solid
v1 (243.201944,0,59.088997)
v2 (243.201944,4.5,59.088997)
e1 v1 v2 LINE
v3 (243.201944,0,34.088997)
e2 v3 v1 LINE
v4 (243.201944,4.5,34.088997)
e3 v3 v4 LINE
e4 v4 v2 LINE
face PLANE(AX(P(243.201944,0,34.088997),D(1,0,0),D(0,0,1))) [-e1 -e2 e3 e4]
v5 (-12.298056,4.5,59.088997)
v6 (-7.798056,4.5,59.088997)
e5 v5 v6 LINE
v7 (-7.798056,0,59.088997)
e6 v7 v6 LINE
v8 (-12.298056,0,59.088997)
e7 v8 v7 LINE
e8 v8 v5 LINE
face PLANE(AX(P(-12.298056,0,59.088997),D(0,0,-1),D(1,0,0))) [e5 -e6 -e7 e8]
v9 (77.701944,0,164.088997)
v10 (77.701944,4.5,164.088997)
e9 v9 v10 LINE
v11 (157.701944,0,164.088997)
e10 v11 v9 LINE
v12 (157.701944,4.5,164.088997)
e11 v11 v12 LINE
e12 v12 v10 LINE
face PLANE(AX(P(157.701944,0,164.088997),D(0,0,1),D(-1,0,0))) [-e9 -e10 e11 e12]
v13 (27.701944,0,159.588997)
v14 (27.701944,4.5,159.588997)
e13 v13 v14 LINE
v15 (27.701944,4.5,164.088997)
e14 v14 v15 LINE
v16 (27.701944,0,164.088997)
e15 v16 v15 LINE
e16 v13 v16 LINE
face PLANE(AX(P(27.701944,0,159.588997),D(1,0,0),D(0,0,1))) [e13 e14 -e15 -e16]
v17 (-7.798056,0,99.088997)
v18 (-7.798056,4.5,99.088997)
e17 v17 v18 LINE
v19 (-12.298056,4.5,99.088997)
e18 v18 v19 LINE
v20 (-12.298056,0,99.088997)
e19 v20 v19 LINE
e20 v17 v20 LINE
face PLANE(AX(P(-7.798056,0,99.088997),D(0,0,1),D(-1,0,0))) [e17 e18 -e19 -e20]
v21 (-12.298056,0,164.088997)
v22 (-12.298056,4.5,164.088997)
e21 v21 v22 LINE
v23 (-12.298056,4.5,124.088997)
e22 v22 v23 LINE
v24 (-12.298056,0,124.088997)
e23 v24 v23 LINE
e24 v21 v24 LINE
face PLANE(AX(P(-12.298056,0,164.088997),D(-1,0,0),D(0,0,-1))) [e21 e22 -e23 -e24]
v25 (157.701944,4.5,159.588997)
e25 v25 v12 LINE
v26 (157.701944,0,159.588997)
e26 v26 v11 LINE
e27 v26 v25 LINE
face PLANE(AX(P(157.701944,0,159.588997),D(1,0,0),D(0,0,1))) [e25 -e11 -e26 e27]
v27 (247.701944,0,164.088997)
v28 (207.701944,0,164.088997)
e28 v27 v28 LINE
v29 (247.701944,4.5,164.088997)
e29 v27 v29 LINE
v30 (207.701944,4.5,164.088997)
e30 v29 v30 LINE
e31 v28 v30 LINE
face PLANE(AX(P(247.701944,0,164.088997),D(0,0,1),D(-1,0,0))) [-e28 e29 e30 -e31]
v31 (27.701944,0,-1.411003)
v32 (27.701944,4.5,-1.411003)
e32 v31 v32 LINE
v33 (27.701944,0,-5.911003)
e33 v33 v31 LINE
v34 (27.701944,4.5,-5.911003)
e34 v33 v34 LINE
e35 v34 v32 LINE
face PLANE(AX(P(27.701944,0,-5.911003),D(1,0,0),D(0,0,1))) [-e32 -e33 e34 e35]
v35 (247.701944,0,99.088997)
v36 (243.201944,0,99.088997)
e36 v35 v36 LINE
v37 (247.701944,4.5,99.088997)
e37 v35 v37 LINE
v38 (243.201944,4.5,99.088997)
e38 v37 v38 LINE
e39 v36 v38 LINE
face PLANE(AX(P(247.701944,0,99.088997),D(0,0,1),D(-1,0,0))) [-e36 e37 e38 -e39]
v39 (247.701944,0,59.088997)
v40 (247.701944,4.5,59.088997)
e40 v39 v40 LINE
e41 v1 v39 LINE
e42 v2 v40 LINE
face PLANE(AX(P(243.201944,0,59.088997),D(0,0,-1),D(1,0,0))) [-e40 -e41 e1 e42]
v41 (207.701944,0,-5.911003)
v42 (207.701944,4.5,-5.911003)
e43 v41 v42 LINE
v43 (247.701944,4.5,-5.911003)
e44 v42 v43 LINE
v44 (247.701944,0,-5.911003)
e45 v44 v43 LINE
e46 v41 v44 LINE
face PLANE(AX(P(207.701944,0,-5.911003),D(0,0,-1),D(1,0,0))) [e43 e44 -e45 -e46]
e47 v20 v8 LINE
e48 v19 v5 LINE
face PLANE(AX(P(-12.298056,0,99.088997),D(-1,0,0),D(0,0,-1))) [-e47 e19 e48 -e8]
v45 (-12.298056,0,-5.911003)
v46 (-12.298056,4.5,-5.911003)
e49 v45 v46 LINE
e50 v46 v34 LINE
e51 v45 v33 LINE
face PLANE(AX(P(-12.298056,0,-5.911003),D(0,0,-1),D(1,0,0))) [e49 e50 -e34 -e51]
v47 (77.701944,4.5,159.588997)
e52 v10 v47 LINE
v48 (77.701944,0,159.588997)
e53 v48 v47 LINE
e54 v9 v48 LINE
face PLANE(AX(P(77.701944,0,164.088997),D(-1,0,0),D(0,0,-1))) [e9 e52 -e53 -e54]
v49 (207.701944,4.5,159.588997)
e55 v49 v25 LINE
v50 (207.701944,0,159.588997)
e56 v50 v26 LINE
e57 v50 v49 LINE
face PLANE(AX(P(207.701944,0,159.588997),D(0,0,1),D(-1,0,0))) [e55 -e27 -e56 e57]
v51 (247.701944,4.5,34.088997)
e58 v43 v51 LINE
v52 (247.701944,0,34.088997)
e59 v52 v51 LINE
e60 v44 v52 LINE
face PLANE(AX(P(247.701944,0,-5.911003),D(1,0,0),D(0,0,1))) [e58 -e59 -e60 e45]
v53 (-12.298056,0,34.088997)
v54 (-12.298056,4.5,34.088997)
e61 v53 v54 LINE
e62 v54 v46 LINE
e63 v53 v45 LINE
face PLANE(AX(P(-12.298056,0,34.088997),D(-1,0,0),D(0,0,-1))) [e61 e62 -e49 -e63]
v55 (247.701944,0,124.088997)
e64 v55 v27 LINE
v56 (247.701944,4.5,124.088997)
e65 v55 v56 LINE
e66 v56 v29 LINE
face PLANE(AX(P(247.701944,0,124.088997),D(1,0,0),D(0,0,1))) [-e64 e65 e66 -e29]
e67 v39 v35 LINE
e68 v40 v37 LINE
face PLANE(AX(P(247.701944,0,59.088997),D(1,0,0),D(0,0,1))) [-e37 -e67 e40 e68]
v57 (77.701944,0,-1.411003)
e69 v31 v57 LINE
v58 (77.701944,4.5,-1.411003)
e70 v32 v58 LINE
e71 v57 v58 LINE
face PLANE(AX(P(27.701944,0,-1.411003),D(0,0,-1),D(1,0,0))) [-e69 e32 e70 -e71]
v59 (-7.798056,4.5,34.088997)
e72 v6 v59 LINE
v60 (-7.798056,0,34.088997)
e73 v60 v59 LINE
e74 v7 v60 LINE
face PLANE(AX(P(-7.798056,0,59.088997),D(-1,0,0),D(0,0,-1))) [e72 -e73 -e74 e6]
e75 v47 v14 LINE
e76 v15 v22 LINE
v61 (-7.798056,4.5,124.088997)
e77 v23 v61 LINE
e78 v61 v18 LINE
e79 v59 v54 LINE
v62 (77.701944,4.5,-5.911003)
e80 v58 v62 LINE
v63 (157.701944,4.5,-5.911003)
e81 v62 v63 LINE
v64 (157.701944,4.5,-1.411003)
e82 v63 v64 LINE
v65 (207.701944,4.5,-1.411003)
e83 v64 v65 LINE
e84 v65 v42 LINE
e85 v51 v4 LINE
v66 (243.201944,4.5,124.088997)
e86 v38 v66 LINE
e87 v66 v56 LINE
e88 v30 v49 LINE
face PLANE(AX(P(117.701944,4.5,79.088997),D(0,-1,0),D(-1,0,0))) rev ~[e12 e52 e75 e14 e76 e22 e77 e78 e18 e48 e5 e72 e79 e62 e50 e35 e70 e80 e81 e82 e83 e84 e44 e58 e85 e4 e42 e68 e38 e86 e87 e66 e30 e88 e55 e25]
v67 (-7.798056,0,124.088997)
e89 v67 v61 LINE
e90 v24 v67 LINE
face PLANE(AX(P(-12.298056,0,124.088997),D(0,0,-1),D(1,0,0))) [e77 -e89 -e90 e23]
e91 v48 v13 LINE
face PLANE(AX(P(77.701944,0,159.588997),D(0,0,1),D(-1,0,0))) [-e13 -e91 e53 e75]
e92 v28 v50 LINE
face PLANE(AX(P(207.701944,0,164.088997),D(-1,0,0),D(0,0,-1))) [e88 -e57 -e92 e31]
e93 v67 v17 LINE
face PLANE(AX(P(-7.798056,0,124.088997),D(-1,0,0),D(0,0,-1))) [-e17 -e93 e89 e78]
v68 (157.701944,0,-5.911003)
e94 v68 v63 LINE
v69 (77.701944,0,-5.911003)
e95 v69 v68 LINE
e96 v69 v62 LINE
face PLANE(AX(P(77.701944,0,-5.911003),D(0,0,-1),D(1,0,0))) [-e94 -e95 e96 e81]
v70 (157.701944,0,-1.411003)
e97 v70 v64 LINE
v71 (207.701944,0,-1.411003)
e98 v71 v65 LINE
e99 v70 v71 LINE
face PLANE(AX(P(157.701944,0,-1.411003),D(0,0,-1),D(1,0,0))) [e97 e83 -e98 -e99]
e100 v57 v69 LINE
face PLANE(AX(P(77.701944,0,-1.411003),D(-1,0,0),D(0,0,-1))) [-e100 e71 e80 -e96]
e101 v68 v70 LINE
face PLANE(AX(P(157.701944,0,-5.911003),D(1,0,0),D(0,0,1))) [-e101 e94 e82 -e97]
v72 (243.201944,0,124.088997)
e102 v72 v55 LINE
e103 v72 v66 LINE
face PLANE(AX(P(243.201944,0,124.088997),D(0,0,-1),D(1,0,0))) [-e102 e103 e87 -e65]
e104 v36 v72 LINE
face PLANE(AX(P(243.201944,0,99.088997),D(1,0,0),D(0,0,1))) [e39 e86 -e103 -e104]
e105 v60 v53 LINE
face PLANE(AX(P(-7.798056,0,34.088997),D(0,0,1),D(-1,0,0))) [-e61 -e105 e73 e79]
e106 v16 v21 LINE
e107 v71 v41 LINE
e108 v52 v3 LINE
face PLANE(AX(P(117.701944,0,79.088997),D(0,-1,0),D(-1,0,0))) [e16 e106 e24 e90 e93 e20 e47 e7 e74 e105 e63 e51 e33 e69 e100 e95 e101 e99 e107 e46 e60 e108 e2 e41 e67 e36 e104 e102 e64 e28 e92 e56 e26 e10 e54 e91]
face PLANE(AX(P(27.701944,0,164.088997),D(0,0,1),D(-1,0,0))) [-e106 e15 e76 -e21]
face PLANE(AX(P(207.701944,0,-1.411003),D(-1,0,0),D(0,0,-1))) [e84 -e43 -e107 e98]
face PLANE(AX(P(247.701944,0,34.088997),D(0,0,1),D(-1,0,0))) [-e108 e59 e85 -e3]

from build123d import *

# Parameters (mm, degrees)
BOSS_EXTRUDE1_DEPTH = 4.5


with BuildPart() as part:
    # Sketch1 → Boss-Extrude1 (new body)
    with BuildSketch(Plane(origin=(0, 0, 0), x_dir=(1, 0, 0), z_dir=(0, 1, 0))):
        Polygon((-12.298056156, 5.911003401), (27.701943844, 5.911003401), (27.701943844, 1.411003401), (77.701943844, 1.411003401), (77.701943844, 5.911003401), (157.701943844, 5.911003401), (157.701943844, 1.411003401), (207.701943844, 1.411003401), (207.701943844, 5.911003401), (247.701943844, 5.911003401), (247.701943844, -34.088996599), (243.201943844, -34.088996599), (243.201943844, -59.088996599), (247.701943844, -59.088996599), (247.701943844, -99.088996599), (243.201943844, -99.088996599), (243.201943844, -124.088996599), (247.701943844, -124.088996599), (247.701943844, -164.088996599), (207.701943844, -164.088996599), (207.701943844, -159.588996599), (157.701943844, -159.588996599), (157.701943844, -164.088996599), (77.701943844, -164.088996599), (77.701943844, -159.588996599), (27.701943844, -159.588996599), (27.701943844, -164.088996599), (-12.298056156, -164.088996599), (-12.298056156, -124.088996599), (-7.798056156, -124.088996599), (-7.798056156, -99.088996599), (-12.298056156, -99.088996599), (-12.298056156, -59.088996599), (-7.798056156, -59.088996599), (-7.798056156, -34.088996599), (-12.298056156, -34.088996599), align=None)
    extrude(amount=BOSS_EXTRUDE1_DEPTH)


solid = part.part
